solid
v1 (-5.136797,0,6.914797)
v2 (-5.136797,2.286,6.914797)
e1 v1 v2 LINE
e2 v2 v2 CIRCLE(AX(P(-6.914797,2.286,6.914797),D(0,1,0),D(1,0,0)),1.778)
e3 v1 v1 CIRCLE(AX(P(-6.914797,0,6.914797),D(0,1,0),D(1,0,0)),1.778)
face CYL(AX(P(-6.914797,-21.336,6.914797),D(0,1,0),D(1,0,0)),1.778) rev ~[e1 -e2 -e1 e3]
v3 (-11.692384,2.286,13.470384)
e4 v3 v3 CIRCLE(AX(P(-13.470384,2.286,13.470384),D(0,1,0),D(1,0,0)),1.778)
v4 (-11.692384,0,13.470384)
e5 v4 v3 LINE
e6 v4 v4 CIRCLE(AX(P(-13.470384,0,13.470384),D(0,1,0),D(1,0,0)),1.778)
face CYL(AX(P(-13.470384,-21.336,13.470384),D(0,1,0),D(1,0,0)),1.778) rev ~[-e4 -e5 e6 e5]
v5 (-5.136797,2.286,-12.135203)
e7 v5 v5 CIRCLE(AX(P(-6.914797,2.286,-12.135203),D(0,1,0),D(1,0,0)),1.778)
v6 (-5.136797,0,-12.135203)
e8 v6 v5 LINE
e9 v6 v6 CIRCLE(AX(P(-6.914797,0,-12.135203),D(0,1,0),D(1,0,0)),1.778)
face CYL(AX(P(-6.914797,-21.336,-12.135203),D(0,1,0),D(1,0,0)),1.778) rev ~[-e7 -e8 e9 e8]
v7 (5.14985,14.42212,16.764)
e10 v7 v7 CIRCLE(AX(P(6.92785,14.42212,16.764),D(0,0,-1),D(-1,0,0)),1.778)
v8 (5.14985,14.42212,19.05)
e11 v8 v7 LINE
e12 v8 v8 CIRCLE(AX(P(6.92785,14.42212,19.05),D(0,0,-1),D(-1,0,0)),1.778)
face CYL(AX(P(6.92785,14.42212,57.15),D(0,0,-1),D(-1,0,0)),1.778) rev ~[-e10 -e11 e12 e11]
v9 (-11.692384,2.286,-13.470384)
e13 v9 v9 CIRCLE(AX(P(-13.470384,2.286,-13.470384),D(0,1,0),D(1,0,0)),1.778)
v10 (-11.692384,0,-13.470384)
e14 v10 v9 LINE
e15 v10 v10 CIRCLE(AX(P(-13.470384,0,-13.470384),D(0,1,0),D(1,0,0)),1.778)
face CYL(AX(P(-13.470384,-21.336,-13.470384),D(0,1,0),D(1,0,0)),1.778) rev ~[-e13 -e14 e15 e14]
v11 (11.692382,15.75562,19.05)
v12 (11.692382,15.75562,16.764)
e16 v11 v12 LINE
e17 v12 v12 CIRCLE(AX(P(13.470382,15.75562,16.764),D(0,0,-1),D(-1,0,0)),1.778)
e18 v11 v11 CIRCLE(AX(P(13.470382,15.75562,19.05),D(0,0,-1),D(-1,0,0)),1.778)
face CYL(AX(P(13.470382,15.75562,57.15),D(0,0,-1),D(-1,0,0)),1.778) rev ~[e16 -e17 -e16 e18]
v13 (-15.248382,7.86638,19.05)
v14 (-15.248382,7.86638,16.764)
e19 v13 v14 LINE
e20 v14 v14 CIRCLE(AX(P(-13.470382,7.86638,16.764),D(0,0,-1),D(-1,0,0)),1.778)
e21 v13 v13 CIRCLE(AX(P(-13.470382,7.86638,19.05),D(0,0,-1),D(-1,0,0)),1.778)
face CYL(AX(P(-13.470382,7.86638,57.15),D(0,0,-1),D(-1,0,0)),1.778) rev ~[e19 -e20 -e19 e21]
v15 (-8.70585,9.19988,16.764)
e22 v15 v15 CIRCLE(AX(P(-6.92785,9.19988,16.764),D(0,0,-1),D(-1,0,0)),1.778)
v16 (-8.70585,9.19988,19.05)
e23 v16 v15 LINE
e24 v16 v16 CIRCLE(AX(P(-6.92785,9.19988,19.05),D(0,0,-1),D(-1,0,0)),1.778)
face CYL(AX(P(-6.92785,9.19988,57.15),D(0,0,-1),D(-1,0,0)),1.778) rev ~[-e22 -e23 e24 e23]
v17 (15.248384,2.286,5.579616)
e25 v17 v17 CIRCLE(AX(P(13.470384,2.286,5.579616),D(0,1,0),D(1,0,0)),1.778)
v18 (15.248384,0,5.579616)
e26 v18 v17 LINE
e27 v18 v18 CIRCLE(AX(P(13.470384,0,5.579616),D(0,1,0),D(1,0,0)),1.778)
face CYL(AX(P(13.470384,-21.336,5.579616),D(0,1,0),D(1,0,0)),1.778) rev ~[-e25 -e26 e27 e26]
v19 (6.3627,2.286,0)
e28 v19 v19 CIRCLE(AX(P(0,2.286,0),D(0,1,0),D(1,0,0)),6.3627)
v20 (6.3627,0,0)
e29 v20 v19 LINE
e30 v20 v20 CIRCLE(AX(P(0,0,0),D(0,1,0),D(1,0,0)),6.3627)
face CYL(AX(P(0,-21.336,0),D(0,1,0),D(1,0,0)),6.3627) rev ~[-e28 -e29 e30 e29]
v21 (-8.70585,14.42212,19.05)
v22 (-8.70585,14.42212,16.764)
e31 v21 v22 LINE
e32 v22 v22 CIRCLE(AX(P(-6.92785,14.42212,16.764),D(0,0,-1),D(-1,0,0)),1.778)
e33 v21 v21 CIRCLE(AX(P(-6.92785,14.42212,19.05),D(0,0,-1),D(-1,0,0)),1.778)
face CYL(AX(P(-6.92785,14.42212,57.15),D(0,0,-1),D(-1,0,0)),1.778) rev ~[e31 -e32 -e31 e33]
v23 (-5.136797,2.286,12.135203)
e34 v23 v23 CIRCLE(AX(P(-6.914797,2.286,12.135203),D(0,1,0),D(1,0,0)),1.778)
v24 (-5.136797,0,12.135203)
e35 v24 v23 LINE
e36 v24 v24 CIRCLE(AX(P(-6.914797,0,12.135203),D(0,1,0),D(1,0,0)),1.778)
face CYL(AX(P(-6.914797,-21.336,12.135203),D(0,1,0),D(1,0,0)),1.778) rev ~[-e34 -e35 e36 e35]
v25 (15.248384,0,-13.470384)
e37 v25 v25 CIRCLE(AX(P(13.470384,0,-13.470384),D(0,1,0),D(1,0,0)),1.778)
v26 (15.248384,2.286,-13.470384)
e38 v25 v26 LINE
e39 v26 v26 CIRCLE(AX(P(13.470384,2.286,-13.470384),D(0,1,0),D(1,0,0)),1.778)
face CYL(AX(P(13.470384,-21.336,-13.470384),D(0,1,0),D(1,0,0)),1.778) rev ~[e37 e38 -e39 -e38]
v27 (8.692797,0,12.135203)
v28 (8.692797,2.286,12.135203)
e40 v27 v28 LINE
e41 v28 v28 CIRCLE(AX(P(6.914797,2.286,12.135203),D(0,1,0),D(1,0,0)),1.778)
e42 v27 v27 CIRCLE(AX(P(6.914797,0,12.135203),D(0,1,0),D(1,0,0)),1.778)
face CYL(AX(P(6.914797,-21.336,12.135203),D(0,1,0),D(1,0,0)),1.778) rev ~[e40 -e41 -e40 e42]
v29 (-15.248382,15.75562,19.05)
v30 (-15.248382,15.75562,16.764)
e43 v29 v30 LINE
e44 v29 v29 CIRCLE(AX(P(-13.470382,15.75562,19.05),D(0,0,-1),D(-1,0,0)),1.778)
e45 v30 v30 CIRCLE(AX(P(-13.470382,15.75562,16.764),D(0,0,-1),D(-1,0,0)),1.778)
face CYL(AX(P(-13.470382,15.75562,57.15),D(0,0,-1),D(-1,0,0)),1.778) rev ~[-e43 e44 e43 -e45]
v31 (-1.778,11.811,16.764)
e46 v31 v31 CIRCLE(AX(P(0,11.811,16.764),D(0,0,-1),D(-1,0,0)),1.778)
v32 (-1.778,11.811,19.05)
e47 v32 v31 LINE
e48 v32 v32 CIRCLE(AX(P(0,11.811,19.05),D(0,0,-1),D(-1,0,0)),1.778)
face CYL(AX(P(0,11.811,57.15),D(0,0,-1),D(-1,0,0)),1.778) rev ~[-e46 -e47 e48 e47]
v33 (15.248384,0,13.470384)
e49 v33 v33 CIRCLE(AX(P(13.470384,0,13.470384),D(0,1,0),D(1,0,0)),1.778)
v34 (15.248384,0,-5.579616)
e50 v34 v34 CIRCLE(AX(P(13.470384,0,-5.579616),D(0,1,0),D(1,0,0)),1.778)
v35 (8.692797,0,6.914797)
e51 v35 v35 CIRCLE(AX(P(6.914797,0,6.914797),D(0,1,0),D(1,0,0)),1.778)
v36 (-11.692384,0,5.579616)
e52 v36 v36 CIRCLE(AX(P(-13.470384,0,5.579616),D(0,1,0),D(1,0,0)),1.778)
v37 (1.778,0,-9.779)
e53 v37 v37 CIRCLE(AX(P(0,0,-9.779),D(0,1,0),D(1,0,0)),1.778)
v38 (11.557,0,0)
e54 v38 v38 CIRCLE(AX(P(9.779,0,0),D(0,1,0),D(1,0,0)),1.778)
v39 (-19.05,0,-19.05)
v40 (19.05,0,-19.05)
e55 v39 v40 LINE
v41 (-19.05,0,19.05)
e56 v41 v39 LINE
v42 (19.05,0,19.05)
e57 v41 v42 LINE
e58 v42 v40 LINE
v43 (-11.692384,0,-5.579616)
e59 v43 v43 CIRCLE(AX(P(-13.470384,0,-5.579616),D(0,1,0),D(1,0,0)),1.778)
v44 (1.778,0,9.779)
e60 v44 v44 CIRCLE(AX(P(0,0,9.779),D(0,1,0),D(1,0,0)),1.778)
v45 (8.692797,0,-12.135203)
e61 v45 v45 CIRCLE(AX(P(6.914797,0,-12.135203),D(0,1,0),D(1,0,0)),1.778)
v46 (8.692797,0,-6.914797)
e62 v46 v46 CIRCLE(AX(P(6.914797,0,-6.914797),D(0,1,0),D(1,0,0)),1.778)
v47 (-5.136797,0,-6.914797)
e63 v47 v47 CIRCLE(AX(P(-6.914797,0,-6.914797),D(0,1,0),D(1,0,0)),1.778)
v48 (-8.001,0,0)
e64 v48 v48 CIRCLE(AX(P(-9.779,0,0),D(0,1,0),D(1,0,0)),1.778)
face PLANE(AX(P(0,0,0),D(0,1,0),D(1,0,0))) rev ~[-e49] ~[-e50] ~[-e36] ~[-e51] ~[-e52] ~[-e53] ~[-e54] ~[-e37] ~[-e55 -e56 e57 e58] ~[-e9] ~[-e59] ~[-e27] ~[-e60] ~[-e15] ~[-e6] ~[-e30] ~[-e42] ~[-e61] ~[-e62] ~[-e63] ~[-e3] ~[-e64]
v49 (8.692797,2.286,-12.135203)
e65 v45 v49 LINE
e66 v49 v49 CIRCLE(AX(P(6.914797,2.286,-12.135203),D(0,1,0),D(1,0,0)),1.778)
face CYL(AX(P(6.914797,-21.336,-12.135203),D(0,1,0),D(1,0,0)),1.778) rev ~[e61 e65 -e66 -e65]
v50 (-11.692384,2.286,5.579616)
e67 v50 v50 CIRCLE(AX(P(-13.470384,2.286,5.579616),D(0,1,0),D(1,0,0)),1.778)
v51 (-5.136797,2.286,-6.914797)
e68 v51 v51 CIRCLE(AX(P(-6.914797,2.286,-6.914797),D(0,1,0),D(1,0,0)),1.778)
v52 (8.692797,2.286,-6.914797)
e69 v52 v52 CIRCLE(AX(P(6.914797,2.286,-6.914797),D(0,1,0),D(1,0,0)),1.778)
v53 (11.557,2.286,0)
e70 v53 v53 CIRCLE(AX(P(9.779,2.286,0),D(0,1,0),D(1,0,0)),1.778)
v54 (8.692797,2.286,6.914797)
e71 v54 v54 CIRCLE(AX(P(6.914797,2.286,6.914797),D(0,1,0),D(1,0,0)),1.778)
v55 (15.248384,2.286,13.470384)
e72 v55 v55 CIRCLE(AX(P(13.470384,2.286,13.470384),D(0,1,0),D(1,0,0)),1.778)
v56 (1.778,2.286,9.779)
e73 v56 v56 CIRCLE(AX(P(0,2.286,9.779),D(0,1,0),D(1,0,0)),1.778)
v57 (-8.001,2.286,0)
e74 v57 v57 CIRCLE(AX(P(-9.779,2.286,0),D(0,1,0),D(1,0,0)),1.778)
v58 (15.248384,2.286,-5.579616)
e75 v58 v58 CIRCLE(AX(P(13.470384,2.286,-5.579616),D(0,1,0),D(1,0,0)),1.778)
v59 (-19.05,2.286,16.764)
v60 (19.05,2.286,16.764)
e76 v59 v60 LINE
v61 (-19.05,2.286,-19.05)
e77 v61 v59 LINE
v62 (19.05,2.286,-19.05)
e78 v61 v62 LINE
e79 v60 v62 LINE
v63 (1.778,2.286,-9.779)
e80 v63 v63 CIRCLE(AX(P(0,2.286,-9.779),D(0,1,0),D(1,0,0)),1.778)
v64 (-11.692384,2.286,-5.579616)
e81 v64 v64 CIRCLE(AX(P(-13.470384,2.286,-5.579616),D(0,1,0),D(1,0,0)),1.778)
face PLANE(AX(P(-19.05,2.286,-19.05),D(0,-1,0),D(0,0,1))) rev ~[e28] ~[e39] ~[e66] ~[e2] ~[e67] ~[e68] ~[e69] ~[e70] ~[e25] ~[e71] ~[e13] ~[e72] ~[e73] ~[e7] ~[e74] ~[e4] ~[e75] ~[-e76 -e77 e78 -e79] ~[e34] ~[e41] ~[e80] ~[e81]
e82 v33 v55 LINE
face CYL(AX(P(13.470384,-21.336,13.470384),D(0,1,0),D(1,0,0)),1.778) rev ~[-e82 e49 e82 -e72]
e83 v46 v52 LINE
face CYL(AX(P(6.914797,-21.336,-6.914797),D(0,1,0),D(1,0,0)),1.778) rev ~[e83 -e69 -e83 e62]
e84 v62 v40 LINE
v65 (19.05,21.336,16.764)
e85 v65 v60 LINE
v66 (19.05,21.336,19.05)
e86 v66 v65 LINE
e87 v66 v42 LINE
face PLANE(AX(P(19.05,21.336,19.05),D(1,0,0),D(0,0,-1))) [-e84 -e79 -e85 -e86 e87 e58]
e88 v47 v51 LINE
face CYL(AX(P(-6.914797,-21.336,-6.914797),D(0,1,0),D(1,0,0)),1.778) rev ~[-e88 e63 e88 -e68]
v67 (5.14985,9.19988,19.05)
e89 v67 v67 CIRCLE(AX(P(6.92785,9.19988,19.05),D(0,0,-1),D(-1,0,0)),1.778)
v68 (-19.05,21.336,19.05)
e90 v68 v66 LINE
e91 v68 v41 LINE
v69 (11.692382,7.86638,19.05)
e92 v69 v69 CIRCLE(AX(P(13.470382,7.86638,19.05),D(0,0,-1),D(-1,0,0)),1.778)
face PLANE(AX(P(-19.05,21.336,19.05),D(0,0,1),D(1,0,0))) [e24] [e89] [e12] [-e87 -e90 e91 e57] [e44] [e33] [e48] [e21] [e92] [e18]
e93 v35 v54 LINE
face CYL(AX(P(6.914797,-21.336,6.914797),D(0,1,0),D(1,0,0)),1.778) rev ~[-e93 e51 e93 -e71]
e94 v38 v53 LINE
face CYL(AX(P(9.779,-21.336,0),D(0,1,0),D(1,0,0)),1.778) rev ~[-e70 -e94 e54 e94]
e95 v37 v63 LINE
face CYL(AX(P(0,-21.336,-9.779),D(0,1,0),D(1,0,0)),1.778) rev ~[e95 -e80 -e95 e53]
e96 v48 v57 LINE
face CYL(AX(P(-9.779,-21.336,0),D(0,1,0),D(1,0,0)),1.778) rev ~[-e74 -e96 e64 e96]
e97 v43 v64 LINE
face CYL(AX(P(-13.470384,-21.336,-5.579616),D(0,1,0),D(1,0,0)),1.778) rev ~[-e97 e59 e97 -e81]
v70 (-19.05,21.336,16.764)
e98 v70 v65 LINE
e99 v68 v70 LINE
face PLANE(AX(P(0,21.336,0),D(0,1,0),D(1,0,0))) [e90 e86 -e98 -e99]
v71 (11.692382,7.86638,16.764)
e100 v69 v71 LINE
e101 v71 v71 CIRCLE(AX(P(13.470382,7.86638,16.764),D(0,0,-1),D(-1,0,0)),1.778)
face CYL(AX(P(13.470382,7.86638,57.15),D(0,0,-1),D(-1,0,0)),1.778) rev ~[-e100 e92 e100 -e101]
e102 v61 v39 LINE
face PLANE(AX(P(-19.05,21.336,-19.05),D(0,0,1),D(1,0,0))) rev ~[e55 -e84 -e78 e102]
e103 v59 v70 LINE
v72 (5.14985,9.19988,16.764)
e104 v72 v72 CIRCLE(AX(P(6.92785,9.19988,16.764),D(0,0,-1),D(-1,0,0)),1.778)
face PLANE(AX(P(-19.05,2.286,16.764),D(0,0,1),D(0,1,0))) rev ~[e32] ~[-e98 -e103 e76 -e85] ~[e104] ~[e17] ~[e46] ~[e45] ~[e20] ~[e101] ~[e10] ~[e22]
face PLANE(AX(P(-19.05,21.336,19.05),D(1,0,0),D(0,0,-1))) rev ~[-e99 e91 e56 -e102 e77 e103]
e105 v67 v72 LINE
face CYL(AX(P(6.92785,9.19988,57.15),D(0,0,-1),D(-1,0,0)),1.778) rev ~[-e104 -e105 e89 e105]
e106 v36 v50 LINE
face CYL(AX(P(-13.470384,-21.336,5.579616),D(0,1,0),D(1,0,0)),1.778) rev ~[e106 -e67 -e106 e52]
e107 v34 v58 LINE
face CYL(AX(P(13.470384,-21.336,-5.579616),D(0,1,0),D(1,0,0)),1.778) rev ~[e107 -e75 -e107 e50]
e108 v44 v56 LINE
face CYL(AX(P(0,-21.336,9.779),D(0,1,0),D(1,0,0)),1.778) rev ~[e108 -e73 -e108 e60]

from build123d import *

# Parameters (mm, degrees)
SKETCH1_W                = 38.1
SKETCH1_H                = 38.1
BOSS_EXTRUDE1_DEPTH      = 21.336
SKETCH2_W                = 35.814
SKETCH2_H                = 19.05
CUT_EXTRUDE1_DEPTH       = 48.641761051
HOLE1_D                  = 12.7254
HOLE1_DEPTH              = 21.336
M3_CLEARANCE_HOLE1_D     = 3.556
M3_CLEARANCE_HOLE1_DEPTH = 21.336
M3_CLEARANCE_HOLE2_D     = 3.556
M3_CLEARANCE_HOLE2_DEPTH = 38.1


with BuildPart() as part:
    # Sketch1 → Boss-Extrude1 (new body)
    with BuildSketch(Plane(origin=(0, 21.336, 0), x_dir=(1, 0, 0), z_dir=(0, 1, 0))):
        Rectangle(SKETCH1_W, SKETCH1_H)
    extrude(amount=-BOSS_EXTRUDE1_DEPTH)

    # Sketch2 → Cut-Extrude1 (cut, through all)
    with BuildSketch(Plane.ZY.offset(19.05)):
        with Locations((-1.143, 11.811)):
            Rectangle(SKETCH2_W, SKETCH2_H)
    extrude(amount=-CUT_EXTRUDE1_DEPTH, mode=Mode.SUBTRACT)

    # Hole1
    with Locations(Plane(origin=(0, 0, 0), x_dir=(-1, 0, 0), z_dir=(0, -1, 0))):
        with Locations((0, 0)):
            Hole(HOLE1_D / 2, depth=HOLE1_DEPTH)

    # M3 Clearance Hole1
    with Locations(Plane(origin=(0, 0, 0), x_dir=(-1, 0, 0), z_dir=(0, -1, 0))):
        with Locations((6.914797213, -12.135202787), (13.470384182, 13.470384182), (-13.470384182, 13.470384182), (0, -9.779), (6.914797213, -6.914797213), (9.779, 0), (6.914797213, 6.914797213), (0, 9.779), (-6.914797213, 6.914797213), (-9.779, 0), (-6.914797213, -6.914797213), (-13.470384182, -5.579615818), (-6.914797213, -12.135202787), (-13.470384182, -13.470384182), (-13.470384182, 5.579615818), (-6.914797213, 12.135202787), (13.470384182, 5.579615818), (6.914797213, 12.135202787), (13.470384182, -5.579615818), (13.470384182, -13.470384182)):
            Hole(M3_CLEARANCE_HOLE1_D / 2, depth=M3_CLEARANCE_HOLE1_DEPTH)

    # M3 Clearance Hole2
    with Locations(Plane.XY.offset(19.05)):
        with Locations((-6.92785, 14.42212), (13.470382, 7.86638), (13.470382, 15.75562), (6.92785, 9.19988), (6.92785, 14.42212), (0, 11.811), (-13.470382, 7.86638), (-13.470382, 15.75562), (-6.92785, 9.19988)):
            Hole(M3_CLEARANCE_HOLE2_D / 2, depth=M3_CLEARANCE_HOLE2_DEPTH)


solid = part.part
